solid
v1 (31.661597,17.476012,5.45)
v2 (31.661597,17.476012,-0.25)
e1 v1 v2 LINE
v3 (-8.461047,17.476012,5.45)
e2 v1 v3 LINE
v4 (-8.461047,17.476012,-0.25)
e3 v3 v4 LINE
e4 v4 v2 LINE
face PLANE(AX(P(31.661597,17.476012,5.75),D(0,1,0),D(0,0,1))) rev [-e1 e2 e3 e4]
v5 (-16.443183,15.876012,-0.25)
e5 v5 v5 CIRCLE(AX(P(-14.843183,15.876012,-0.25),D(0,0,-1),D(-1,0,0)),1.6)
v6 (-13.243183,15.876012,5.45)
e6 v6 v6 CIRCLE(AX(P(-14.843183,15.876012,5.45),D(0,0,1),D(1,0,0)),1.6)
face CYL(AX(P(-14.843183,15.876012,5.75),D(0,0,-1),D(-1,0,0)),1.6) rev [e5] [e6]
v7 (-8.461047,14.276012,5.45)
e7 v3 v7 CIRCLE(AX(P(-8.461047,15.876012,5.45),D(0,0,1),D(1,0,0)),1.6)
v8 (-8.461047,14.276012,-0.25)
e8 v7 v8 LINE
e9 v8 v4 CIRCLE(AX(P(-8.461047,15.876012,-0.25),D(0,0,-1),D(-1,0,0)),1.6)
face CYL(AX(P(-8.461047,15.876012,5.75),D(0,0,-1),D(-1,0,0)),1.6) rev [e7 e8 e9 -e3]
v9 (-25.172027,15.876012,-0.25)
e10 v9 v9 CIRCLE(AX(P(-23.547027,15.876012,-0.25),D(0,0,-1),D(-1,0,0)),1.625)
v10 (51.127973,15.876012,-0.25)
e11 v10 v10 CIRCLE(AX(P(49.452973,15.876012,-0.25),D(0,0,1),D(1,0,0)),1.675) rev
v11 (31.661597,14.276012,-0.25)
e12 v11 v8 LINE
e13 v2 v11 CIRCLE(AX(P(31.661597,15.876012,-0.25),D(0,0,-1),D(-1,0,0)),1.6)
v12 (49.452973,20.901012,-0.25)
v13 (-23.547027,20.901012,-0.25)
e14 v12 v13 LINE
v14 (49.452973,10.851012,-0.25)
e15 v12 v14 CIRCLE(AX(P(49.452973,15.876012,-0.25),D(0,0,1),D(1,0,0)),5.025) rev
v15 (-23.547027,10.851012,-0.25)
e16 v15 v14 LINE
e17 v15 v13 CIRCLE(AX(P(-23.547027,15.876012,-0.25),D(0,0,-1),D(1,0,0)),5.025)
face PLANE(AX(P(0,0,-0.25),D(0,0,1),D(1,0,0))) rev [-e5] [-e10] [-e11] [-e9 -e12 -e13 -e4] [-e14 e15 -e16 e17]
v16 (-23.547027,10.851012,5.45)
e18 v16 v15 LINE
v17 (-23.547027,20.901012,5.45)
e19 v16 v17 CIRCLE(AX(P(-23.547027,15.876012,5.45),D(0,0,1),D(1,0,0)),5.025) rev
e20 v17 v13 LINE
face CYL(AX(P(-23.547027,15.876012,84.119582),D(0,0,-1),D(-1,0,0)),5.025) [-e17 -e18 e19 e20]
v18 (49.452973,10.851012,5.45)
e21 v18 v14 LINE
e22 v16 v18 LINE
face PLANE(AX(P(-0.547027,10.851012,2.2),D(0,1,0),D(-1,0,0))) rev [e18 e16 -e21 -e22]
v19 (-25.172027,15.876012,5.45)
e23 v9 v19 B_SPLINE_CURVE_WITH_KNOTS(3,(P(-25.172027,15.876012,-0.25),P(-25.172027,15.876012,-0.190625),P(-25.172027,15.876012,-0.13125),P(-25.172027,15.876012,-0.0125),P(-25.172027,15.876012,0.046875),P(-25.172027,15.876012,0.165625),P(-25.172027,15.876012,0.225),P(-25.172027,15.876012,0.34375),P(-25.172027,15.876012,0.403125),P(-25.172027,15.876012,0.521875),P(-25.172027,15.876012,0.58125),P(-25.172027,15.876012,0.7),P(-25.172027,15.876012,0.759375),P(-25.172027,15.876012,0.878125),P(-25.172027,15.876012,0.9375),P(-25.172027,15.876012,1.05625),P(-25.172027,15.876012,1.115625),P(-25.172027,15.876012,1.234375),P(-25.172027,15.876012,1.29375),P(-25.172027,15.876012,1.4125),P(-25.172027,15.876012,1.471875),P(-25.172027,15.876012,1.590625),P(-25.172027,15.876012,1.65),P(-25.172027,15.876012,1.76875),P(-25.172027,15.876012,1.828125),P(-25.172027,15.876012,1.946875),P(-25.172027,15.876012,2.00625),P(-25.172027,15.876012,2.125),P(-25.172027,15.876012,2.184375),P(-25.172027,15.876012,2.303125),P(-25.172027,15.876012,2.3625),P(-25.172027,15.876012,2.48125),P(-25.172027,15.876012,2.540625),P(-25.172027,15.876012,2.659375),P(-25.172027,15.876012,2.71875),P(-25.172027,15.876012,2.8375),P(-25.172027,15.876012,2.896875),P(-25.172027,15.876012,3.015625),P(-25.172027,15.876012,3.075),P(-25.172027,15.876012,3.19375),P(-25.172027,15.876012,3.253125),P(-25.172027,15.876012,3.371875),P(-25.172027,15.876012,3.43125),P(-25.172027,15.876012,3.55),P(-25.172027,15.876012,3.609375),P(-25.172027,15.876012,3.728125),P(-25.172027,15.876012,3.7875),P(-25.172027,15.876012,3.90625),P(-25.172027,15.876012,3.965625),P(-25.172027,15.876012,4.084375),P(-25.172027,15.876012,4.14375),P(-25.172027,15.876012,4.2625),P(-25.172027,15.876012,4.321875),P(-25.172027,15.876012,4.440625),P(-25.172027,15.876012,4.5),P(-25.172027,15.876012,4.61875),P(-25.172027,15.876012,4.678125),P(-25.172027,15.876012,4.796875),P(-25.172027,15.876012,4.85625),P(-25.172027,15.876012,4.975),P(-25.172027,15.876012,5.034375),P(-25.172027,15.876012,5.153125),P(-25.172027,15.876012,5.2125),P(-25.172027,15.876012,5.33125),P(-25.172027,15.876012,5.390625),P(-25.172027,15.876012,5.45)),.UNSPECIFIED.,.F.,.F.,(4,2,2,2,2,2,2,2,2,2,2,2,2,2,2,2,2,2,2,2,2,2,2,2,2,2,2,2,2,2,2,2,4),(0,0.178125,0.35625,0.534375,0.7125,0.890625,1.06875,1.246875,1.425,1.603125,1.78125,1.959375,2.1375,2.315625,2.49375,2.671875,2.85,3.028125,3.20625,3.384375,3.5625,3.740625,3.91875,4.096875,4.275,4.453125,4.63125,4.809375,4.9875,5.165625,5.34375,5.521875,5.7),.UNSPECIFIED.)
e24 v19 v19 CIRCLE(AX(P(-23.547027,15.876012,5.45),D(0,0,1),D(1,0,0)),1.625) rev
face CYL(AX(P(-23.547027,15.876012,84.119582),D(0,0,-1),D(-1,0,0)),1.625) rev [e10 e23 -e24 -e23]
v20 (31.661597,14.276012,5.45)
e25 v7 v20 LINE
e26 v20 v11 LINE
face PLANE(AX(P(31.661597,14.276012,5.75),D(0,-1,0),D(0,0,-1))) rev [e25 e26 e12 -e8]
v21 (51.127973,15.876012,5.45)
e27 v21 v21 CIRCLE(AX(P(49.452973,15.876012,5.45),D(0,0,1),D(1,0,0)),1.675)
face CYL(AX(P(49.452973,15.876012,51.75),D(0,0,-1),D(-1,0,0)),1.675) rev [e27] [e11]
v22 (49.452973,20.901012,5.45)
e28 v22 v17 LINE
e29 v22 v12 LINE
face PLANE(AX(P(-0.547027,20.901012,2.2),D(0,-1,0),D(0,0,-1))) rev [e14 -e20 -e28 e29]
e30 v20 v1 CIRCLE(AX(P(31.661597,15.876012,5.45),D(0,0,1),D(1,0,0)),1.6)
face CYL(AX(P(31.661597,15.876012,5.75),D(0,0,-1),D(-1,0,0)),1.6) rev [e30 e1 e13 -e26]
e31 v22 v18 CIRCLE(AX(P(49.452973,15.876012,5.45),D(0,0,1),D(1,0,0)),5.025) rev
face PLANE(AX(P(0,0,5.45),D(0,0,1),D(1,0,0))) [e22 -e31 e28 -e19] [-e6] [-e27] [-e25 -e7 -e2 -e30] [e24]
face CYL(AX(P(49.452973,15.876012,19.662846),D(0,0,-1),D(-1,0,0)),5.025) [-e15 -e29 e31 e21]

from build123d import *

# Parameters (mm, degrees)
EXTRUDE_1_DEPTH      = 2.2
EXTRUDE_2_DEPTH      = 3.25
SKETCH_3_W           = 50
SKETCH_3_H           = 10.05
EXTRUDE_3_DEPTH      = 3.25
CUT_EXTRUDE_1_DEPTH  = 30
EXTRUDE_4_REACH      = 56.389
SKETCH_6_R           = 5.025
SKETCH_8_R           = 1.675
SKETCH_8_R_2         = 0.84
CUT_EXTRUDE_3_DEPTH  = 55
SKETCH_9_W           = 28.473000816
SKETCH_9_H           = 14.532409192
CUT_EXTRUDE_4_DEPTH  = 3
EXTRUDE_5_DEPTH      = 2.45
SKETCH_11_W          = 12.614203935
SKETCH_11_H          = 10.05
EXTRUDE_6_DEPTH      = 3
SKETCH_12_W          = 36.628466797
SKETCH_12_H          = 15.348537224
CUT_EXTRUDE_5_DEPTH  = 10
SKETCH_13_W          = 5.35
SKETCH_13_H          = 5.35
CUT_EXTRUDE_6_DEPTH  = 14
SKETCH_14_R          = 1.1
CUT_EXTRUDE_7_DEPTH  = 14
SKETCH_15_R          = 1.1
CUT_EXTRUDE_8_DEPTH  = 10
SKETCH_16_R          = 1.625
EXTRUDE_7_DEPTH      = 5.7
SKETCH_17_W          = 19.923143876
SKETCH_17_H          = 15.083058075
CUT_EXTRUDE_9_DEPTH  = 3
SKETCH_18_R          = 1.675
SKETCH_18_R_2        = 1.6
CUT_EXTRUDE_10_DEPTH = 6


with BuildPart() as part:
    # 草图1 → 凸台-拉伸1 (new body)
    with BuildSketch(Plane.XY):
        with BuildLine():
            Line((1.539836705, 12.851012384), (15.55297303, 14.251012384))
            ThreePointArc((15.55297303, 14.251012384), (17.193415997, 16.063512384), (15.55297303, 17.876012384))
            Line((15.55297303, 17.876012384), (1.500532553, 18.901012384))
            ThreePointArc((1.500532553, 18.901012384), (0.527100583, 19.384612538), (-0.54702697, 19.551012384))
            Line((-0.54702697, 19.551012384), (-0.54702697, 20.901012384))
            Line((-0.54702697, 20.901012384), (19.51277613, 20.901012384))
            Line((19.51277613, 20.901012384), (41.45297303, 20.901012384))
            Line((41.45297303, 20.901012384), (41.45297303, 10.851012384))
            Line((41.45297303, 10.851012384), (-0.54702697, 10.851012384))
            Line((-0.54702697, 10.851012384), (-0.54702697, 12.201012384))
            ThreePointArc((-0.54702697, 12.201012384), (0.54584768, 12.367273294), (1.539836705, 12.851012384))
        make_face()
    extrude(amount=EXTRUDE_1_DEPTH)

    # 草图2 → 凸台-拉伸2 (add)
    with BuildSketch(Plane(origin=(0, 0, 0), x_dir=(-1, 0, 0), z_dir=(0, 0, -1))):
        Polygon((-19.51277613, 10.851012384), (-49.45297303, 10.851012384), (-49.45297303, 20.901012384), (-19.51277613, 20.901012384), (0.54702697, 20.901012384), (0.54702697, 10.851012384), align=None)
    extrude(amount=EXTRUDE_2_DEPTH)

    # 草图3 → 凸台-拉伸3 (add)
    with BuildSketch(Plane.XY.offset(2.2)):
        with Locations((24.45297303, 15.876012384)):
            Rectangle(SKETCH_3_W, SKETCH_3_H)
    extrude(amount=EXTRUDE_3_DEPTH)

    # 草图4 → 切除-拉伸1 (cut, symmetric)
    with BuildSketch(Plane.XY):
        with BuildLine():
            Line((-0.54702697, 19.551012384), (-2.235397712, 16.616091152))
            Line((-2.235397712, 16.616091152), (-1.110896638, 12.310548833))
            Line((-1.110896638, 12.310548833), (-0.54702697, 12.201012384))
            ThreePointArc((-0.54702697, 12.201012384), (0.54584768, 12.367273294), (1.539836705, 12.851012384))
            ThreePointArc((1.539836705, 12.851012384), (2.773180655, 15.88415254), (1.500532553, 18.901012384))
            ThreePointArc((1.500532553, 18.901012384), (0.527100583, 19.384612538), (-0.54702697, 19.551012384))
        make_face()
    extrude(amount=CUT_EXTRUDE_1_DEPTH, both=True, mode=Mode.SUBTRACT)

    # 凸台-拉伸4: up to this face of the body (flat: up to its plane)
    extrude_4_end = Plane(part.part.faces().sort_by_distance((25.407741746, 15.876338503, 5.45))[0])
    # 草图6 → 凸台-拉伸4 (add, up to the picked face)
    with BuildSketch(Plane(origin=(0, 0, -3.25), x_dir=(-1, 0, 0), z_dir=(0, 0, -1)), mode=Mode.PRIVATE) as extrude_4_sk1:
        with Locations(Location((-49.45297303, 15.876012384, 0), (0, 0, 90))):
            Circle(SKETCH_6_R)
    extrude_4_tool1 = split(extrude(extrude_4_sk1.sketch, amount=-EXTRUDE_4_REACH, mode=Mode.PRIVATE), bisect_by=extrude_4_end, keep=Keep.BOTH, mode=Mode.PRIVATE)
    add(extrude_4_tool1.solids().sort_by(Axis((49.452973, 15.876012, -3.25), (0, 0, 1)))[0])

    # 草图8 → 切除-拉伸3 (cut)
    with BuildSketch(Plane(origin=(0, 0, -3.25), x_dir=(-1, 0, 0), z_dir=(0, 0, -1))):
        with Locations((-49.45297303, 15.876012384)):
            Circle(SKETCH_8_R)
        with Locations(Location((-7.95297303, 15.856360308, 0), (0, 0, 180))):
            Circle(SKETCH_8_R_2)
    extrude(amount=-CUT_EXTRUDE_3_DEPTH, mode=Mode.SUBTRACT)

    # 草图9 → 切除-拉伸4 (cut)
    with BuildSketch(Plane(origin=(0, 0, -3.25), x_dir=(-1, 0, 0), z_dir=(0, 0, -1))):
        with Locations((-42.648638606, 15.039406696)):
            Rectangle(SKETCH_9_W, SKETCH_9_H)
    extrude(amount=-CUT_EXTRUDE_4_DEPTH, mode=Mode.SUBTRACT)

    # 草图10 → 凸台-拉伸5 (add)
    with BuildSketch(Plane(origin=(0, 0, 2.2), x_dir=(-1, 0, 0), z_dir=(0, 0, -1))):
        with BuildLine():
            Line((-49.45297303, 20.901012384), (-38.466384114, 20.901012384))
            Line((-38.466384114, 20.901012384), (-38.466384114, 10.851012384))
            Line((-38.466384114, 10.851012384), (-49.45297303, 10.851012384))
            ThreePointArc((-49.45297303, 10.851012384), (-46.217908976, 15.876012384), (-49.45297303, 20.901012384))
        make_face()
    extrude(amount=EXTRUDE_5_DEPTH)

    # 草图11 → 凸台-拉伸6 (add)
    with BuildSketch(Plane(origin=(0, 0, -3.25), x_dir=(-1, 0, 0), z_dir=(0, 0, -1))):
        with Locations((-32.625453647, 15.876012384)):
            Rectangle(SKETCH_11_W, SKETCH_11_H)
    extrude(amount=-EXTRUDE_6_DEPTH)

    # 草图12 → 切除-拉伸5 (cut)
    with BuildSketch(Plane(origin=(0, 0, -3.25), x_dir=(-1, 0, 0), z_dir=(0, 0, -1))):
        with Locations((-5.618322216, 15.103365543)):
            Rectangle(SKETCH_12_W, SKETCH_12_H)
    extrude(amount=-CUT_EXTRUDE_5_DEPTH, mode=Mode.SUBTRACT)

    # 草图13 → 切除-拉伸6 (cut)
    with BuildSketch(Plane.ZY.offset(-23.932555614)):
        with Locations((1.1, 16.124405573)):
            Rectangle(SKETCH_13_W, SKETCH_13_H)
    extrude(amount=-CUT_EXTRUDE_6_DEPTH, mode=Mode.SUBTRACT)

    # 草图14 → 切除-拉伸7 (cut)
    with BuildSketch(Plane(origin=(0, 20.901012384, 0), x_dir=(1, 0, 0), z_dir=(0, 1, 0))):
        with Locations(Location((30.538219594, -1.1, 0), (0, 0, 270))):
            Circle(SKETCH_14_R)
    extrude(amount=-CUT_EXTRUDE_7_DEPTH, mode=Mode.SUBTRACT)

    # 草图15 → 切除-拉伸8 (cut)
    with BuildSketch(Plane.XY.offset(5.45)):
        with Locations((36.879929969, 15.882801083)):
            Circle(SKETCH_15_R)
    extrude(amount=-CUT_EXTRUDE_8_DEPTH, mode=Mode.SUBTRACT)

    # 草图16 → 凸台-拉伸7 (add)
    with BuildSketch(Plane(origin=(0, 0, -0.25), x_dir=(-1, 0, 0), z_dir=(0, 0, -1))):
        with BuildLine():
            Line((-49.45297303, 20.901012384), (23.54702697, 20.901012384))
            ThreePointArc((23.54702697, 20.901012384), (28.57202697, 15.876012384), (23.54702697, 10.851012384))
            Line((23.54702697, 10.851012384), (-49.45297303, 10.851012384))
            Line((-49.45297303, 10.851012384), (-49.45297303, 20.901012384))
        make_face()
        with Locations((23.54702697, 15.876012384)):
            Circle(SKETCH_16_R, mode=Mode.SUBTRACT)
    extrude(amount=-EXTRUDE_7_DEPTH)

    # 草图17 → 切除-拉伸9 (cut)
    with BuildSketch(Plane(origin=(0, 0, -3.25), x_dir=(-1, 0, 0), z_dir=(0, 0, -1))):
        with Locations((-33.178239607, 16.007261263)):
            Rectangle(SKETCH_17_W, SKETCH_17_H)
    extrude(amount=-CUT_EXTRUDE_9_DEPTH, mode=Mode.SUBTRACT)

    # 草图18 → 切除-拉伸10 (cut)
    with BuildSketch(Plane(origin=(0, 0, -0.25), x_dir=(-1, 0, 0), z_dir=(0, 0, -1))):
        with Locations(Location((-49.45297303, 15.876012384, 0), (0, 0, 180))):
            Circle(SKETCH_18_R)
        with Locations((14.84318256, 15.876012384)):
            Circle(SKETCH_18_R_2)
        with BuildLine():
            Line((-31.661597205, 17.476012384), (8.461046927, 17.476012384))
            ThreePointArc((8.461046927, 17.476012384), (10.061046927, 15.876012384), (8.461046927, 14.276012384))
            Line((8.461046927, 14.276012384), (-31.661597205, 14.276012384))
            ThreePointArc((-31.661597205, 14.276012384), (-33.261597205, 15.876012384), (-31.661597205, 17.476012384))
        make_face()
    extrude(amount=-CUT_EXTRUDE_10_DEPTH, mode=Mode.SUBTRACT)


solid = part.part
